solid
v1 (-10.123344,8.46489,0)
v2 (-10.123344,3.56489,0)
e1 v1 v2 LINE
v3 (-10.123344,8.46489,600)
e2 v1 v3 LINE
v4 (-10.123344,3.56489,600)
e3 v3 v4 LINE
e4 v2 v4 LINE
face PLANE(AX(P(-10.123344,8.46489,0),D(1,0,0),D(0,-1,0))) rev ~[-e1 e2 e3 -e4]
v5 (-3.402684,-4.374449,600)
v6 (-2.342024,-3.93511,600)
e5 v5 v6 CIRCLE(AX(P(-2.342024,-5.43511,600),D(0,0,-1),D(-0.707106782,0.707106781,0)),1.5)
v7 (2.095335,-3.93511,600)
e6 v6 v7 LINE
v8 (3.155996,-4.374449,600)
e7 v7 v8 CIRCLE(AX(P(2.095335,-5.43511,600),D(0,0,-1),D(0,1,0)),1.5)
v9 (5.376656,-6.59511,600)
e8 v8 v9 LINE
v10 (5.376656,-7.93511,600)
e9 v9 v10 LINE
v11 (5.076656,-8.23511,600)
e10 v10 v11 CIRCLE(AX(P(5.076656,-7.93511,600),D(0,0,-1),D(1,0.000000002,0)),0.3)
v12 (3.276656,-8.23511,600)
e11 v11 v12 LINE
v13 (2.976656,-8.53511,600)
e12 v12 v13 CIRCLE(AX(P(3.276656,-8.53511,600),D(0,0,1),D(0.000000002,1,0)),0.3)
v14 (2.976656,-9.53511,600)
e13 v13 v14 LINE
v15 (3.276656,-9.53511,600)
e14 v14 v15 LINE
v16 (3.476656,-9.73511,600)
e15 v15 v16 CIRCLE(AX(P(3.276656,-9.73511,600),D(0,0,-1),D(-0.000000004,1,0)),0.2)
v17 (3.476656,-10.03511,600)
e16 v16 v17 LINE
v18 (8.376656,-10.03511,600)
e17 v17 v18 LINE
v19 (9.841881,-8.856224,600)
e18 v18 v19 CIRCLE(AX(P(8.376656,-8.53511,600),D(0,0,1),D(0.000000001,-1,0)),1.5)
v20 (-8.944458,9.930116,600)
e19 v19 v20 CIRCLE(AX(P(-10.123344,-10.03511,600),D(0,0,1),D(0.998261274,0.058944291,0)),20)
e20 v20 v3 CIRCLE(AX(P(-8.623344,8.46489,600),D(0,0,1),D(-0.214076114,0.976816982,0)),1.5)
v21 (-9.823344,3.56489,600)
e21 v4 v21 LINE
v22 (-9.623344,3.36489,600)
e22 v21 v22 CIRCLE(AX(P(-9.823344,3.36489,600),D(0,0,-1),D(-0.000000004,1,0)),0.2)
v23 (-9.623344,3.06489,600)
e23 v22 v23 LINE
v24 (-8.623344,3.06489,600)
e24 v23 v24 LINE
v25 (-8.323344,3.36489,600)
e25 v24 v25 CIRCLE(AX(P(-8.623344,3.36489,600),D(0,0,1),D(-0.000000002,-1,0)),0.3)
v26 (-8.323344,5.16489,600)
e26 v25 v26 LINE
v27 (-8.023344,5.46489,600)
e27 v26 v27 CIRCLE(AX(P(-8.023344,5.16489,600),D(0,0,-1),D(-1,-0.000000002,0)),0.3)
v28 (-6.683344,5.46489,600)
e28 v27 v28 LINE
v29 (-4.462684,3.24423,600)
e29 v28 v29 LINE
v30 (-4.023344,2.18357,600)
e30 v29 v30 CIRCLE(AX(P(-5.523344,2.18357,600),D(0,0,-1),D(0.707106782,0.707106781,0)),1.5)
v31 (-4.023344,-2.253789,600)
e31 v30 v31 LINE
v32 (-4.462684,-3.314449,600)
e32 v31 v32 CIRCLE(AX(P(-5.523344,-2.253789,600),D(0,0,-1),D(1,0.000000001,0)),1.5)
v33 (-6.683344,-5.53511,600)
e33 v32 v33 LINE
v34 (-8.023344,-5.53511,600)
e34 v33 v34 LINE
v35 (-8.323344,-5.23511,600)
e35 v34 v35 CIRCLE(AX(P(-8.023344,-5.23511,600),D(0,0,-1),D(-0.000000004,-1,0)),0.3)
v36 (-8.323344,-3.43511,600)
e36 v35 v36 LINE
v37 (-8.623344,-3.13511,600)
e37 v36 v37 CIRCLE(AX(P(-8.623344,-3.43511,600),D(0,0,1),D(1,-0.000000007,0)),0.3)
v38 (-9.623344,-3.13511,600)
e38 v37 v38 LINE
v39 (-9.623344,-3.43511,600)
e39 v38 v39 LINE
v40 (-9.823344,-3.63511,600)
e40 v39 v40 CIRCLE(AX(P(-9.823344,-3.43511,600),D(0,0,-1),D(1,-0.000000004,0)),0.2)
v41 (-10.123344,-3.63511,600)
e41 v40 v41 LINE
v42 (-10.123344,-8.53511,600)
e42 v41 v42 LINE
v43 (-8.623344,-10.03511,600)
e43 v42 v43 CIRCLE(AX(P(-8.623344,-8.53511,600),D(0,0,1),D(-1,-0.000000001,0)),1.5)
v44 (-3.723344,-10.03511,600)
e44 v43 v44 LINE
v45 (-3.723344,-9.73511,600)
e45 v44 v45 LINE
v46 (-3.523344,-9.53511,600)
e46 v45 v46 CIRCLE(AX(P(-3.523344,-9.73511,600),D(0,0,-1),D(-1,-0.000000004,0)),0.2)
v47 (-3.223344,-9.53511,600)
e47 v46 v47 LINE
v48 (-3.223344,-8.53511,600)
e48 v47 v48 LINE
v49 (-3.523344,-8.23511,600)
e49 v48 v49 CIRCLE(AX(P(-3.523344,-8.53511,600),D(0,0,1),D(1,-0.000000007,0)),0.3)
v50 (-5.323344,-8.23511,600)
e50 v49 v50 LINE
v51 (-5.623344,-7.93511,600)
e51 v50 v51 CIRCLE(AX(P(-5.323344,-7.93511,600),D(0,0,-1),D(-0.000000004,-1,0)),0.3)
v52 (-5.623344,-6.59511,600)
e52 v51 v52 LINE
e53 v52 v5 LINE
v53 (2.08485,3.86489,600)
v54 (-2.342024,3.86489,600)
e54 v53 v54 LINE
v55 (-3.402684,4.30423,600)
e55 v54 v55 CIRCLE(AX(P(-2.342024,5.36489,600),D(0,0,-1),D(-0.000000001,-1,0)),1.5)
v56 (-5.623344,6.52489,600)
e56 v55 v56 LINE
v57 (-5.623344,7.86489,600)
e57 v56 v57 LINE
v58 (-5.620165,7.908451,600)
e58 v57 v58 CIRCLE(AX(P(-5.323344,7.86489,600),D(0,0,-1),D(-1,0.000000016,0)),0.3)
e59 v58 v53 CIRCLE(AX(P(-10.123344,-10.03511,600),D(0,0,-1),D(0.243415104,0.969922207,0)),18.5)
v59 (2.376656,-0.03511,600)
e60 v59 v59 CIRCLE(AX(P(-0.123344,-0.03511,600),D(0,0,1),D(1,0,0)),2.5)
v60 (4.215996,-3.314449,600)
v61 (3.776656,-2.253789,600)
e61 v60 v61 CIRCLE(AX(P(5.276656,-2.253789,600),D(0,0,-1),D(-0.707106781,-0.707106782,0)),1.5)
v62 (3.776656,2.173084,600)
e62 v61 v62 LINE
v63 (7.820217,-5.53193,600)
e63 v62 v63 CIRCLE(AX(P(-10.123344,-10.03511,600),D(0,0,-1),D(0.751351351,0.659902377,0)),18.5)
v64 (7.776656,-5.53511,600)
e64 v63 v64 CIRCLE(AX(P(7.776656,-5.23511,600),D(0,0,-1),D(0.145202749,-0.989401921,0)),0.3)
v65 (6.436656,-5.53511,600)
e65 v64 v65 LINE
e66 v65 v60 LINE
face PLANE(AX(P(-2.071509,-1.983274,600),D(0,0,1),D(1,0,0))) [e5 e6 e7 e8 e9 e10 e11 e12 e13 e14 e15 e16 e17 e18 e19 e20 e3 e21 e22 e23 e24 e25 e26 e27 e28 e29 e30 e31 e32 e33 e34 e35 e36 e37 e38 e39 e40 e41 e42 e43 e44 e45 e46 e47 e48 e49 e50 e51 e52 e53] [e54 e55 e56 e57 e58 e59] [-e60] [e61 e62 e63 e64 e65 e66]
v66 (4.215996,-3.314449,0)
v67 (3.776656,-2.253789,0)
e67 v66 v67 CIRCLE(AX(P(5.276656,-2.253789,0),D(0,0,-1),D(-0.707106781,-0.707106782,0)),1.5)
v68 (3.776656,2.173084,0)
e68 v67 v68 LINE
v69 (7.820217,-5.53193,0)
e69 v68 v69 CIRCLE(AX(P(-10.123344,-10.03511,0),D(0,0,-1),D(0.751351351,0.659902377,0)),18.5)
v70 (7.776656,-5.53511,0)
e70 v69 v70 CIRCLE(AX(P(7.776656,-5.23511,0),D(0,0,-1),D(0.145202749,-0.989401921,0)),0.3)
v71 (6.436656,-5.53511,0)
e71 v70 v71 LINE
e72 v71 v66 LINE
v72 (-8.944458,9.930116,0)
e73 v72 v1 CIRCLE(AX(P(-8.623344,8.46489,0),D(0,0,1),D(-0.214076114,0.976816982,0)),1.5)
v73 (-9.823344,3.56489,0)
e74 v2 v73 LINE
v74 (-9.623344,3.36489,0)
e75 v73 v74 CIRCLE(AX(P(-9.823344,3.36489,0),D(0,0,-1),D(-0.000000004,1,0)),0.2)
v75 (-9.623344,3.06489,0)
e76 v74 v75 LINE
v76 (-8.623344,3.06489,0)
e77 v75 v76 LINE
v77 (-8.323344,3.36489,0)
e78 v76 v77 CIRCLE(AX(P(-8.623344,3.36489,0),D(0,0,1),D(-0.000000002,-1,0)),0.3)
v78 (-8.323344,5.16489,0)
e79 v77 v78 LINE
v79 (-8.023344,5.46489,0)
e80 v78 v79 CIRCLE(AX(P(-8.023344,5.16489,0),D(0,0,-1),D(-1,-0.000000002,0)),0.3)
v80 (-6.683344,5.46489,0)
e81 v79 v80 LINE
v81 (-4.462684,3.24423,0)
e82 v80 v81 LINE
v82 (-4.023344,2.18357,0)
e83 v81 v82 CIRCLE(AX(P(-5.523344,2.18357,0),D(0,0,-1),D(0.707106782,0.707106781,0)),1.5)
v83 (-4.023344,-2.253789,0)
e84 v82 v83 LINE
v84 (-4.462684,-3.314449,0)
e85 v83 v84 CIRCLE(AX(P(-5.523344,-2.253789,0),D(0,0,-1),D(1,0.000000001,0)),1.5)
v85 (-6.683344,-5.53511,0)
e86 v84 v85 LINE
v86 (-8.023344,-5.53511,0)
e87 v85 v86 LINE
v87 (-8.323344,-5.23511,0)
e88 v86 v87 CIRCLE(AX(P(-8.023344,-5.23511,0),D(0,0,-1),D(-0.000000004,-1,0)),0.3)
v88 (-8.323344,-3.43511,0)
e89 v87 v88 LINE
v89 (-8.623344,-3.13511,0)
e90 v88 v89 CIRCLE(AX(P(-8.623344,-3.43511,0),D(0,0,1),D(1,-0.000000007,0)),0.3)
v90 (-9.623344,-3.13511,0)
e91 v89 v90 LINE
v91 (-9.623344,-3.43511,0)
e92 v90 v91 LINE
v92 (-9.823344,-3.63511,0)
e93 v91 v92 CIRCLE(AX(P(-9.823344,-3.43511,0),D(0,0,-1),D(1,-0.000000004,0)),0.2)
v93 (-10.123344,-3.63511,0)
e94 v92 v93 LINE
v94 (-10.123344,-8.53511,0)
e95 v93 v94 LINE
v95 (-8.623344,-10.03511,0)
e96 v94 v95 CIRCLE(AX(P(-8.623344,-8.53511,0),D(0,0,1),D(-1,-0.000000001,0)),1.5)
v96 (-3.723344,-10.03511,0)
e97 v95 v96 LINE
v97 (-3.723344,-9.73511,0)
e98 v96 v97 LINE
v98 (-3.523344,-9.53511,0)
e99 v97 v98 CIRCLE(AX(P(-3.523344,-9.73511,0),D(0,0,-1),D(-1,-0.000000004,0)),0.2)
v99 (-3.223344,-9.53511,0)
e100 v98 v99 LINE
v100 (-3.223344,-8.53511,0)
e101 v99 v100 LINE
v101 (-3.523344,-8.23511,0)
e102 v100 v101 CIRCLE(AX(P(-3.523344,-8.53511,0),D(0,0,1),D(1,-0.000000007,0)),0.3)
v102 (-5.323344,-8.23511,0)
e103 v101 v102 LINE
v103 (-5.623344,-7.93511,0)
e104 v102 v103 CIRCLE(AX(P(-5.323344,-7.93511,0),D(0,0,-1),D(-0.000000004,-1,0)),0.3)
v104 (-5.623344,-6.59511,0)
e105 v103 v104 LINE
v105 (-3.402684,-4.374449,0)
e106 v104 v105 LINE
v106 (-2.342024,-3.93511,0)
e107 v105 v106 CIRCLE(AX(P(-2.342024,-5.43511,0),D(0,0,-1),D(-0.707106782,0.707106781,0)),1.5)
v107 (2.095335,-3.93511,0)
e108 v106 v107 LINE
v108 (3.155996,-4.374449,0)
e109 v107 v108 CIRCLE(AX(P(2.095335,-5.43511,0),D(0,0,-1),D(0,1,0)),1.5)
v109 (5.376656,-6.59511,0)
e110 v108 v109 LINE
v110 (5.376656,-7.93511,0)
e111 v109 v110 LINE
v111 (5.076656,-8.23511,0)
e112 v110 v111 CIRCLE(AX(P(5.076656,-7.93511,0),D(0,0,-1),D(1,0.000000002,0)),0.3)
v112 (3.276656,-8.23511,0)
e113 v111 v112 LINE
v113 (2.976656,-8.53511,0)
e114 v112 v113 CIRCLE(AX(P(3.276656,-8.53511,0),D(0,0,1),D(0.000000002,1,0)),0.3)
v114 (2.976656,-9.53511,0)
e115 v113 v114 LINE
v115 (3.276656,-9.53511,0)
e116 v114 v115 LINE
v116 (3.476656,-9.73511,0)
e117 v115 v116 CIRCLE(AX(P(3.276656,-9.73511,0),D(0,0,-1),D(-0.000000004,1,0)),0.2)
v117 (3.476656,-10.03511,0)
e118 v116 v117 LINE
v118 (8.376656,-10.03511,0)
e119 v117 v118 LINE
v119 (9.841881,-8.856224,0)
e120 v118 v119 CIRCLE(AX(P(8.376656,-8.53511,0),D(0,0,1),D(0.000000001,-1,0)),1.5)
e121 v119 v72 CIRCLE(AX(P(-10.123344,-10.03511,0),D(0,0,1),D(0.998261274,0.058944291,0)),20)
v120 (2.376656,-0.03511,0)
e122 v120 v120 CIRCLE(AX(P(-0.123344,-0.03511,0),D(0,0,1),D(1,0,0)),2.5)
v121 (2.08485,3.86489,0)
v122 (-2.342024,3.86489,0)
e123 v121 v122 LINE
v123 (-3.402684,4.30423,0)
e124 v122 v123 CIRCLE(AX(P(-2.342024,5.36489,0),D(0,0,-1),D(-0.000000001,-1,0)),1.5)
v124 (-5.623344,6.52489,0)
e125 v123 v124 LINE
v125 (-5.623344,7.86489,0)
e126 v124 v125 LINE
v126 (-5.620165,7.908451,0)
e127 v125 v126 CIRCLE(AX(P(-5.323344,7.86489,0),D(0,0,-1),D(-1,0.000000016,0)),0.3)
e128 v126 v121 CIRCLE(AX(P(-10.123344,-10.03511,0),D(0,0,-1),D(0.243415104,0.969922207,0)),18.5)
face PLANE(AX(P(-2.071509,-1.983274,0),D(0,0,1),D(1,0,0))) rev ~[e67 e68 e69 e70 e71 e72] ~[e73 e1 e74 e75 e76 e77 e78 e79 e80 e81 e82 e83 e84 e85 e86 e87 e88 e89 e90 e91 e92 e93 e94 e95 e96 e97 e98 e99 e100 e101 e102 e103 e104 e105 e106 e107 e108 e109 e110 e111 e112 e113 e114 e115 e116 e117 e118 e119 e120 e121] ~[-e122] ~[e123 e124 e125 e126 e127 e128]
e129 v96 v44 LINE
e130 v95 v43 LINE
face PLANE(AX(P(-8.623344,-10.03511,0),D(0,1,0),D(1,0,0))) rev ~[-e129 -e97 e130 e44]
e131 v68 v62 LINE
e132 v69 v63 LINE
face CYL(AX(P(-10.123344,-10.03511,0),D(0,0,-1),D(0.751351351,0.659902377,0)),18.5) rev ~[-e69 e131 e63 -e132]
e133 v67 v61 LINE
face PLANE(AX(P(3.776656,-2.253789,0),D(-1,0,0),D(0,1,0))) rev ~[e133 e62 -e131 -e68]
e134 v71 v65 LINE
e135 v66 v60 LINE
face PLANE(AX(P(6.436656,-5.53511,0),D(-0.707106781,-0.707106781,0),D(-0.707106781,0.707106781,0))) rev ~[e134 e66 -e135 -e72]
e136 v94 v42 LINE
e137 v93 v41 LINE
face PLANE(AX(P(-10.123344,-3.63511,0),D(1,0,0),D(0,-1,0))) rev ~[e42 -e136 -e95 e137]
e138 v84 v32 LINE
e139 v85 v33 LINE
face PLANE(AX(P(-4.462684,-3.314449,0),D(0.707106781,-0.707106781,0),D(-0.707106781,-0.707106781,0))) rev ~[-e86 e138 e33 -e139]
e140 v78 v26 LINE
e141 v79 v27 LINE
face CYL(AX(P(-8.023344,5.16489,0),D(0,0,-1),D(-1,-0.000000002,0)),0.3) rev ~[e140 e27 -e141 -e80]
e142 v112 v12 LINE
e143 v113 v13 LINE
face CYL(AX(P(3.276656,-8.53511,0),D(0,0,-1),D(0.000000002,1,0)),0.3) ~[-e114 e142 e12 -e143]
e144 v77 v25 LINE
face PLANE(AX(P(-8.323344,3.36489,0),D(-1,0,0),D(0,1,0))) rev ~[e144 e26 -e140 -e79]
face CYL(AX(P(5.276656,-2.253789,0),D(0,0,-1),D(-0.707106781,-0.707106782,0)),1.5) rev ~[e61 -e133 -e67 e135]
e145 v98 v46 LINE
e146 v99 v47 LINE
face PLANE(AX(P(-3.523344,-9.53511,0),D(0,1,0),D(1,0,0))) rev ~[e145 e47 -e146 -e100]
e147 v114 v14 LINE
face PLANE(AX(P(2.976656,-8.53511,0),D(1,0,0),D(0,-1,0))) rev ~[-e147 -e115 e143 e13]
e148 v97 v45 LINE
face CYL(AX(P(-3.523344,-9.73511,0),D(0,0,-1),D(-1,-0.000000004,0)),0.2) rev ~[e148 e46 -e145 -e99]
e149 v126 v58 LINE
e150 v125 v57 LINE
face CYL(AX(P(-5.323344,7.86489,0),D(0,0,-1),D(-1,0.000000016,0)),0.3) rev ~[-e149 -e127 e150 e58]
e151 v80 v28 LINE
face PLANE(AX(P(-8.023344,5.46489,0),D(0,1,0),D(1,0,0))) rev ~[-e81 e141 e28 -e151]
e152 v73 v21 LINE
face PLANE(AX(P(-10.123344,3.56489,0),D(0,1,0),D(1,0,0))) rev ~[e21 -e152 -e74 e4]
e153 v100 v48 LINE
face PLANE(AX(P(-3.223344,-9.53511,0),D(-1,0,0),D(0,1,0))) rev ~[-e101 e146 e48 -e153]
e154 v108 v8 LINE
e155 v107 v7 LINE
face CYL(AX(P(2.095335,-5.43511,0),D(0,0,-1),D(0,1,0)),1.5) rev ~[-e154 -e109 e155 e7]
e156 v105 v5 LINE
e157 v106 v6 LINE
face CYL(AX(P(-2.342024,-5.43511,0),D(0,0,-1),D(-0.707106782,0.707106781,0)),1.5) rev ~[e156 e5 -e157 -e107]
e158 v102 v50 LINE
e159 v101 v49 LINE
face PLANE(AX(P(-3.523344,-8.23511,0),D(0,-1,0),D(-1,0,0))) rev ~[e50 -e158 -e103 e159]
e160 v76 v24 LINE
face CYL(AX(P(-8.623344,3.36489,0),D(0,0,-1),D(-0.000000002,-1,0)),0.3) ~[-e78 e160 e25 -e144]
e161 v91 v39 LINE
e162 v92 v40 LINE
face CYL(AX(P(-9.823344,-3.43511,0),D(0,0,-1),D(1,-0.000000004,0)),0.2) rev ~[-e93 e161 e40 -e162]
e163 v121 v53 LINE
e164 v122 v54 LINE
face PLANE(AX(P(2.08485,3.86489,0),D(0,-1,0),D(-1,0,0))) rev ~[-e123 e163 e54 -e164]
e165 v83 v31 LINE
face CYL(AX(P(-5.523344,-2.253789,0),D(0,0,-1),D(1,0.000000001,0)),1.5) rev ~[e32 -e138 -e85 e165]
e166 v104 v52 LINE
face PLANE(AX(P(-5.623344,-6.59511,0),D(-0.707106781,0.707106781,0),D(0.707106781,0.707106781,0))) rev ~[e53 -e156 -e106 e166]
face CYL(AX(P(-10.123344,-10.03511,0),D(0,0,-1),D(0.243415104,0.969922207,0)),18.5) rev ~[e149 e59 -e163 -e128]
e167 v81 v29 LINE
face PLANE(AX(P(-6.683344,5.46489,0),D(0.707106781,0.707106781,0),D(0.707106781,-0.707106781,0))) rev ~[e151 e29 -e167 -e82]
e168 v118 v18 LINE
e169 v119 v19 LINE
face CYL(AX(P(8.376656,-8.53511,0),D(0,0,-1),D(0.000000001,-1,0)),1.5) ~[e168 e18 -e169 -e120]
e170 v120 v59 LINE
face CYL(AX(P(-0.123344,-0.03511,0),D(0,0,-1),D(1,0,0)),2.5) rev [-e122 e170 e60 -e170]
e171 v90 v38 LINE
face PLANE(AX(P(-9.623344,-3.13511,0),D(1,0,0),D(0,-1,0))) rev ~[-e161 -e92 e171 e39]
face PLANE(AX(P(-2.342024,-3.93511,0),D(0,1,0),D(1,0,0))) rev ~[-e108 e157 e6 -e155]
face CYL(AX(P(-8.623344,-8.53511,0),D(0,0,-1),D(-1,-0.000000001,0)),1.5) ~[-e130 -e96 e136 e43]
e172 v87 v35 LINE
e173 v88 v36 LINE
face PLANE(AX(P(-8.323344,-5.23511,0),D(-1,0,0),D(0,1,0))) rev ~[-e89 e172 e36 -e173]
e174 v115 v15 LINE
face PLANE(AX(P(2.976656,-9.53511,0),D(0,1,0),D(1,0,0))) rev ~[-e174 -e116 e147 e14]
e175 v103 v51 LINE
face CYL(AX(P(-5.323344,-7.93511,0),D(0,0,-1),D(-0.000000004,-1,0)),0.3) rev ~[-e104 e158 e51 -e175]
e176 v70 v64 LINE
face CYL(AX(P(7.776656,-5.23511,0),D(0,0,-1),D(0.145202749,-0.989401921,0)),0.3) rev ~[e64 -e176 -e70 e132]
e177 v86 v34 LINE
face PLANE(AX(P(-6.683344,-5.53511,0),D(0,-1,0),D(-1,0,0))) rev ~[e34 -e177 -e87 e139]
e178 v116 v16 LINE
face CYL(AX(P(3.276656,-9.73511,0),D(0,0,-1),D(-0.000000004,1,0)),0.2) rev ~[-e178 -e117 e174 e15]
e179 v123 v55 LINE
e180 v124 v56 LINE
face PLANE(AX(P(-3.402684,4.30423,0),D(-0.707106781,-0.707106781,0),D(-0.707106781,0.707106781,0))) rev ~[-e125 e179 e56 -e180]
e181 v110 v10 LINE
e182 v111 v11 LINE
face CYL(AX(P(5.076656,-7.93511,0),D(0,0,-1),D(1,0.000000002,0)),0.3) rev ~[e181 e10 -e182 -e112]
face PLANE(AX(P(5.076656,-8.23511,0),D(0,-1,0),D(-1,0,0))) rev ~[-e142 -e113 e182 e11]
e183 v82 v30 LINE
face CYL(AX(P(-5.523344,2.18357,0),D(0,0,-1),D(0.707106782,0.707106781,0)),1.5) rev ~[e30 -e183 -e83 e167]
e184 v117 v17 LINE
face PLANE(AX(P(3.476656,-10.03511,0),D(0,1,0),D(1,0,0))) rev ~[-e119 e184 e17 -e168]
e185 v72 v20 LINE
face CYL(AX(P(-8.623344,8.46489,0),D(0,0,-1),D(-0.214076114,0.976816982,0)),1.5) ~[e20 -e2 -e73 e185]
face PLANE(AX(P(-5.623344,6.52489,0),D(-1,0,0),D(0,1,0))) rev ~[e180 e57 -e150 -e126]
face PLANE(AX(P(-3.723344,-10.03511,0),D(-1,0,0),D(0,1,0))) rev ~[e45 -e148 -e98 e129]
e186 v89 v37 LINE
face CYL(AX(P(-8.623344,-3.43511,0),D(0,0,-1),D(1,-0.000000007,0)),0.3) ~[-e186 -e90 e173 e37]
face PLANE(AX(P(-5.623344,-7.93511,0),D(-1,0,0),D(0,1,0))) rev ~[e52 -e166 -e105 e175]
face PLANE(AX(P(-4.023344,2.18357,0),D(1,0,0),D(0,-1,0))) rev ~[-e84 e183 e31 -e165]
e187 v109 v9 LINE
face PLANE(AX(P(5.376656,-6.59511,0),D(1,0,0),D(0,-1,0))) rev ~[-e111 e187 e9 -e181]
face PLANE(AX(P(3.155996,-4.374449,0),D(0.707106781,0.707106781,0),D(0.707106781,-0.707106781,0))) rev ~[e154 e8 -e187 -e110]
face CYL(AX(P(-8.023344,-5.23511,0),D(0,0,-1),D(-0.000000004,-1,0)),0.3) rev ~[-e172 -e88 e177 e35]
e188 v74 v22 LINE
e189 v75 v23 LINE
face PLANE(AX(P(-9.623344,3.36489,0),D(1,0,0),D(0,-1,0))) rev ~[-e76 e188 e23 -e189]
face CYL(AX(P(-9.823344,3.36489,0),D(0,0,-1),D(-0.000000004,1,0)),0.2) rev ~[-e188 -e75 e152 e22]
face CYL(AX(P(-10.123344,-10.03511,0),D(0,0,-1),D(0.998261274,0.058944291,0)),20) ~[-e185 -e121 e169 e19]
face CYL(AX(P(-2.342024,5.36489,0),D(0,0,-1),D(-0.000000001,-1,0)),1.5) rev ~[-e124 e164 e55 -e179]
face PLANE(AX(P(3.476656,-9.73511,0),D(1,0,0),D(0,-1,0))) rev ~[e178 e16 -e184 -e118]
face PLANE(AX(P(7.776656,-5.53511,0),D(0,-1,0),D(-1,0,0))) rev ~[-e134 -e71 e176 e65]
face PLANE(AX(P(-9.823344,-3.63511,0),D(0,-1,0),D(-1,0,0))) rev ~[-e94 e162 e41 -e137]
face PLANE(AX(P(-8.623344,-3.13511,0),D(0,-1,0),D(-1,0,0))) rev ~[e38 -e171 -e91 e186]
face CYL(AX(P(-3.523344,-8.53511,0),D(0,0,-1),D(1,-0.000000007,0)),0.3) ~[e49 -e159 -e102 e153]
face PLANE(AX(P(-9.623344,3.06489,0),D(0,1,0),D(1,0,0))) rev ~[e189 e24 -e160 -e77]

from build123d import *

# Parameters (mm, degrees)
SKETCH_1_R      = 2.5
EXTRUDE_1_DEPTH = 600


with BuildPart() as part:
    # 草图1 → 凸台-拉伸1 (new body)
    with BuildSketch(Plane.XY):
        with BuildLine():
            ThreePointArc((-8.944458369, 9.930115847), (-9.792033903, 9.405190523), (-10.123344197, 8.464890373))
            Line((-10.123344197, 8.464890373), (-10.123344197, 3.564890373))
            Line((-10.123344197, 3.564890373), (-9.823344197, 3.564890373))
            ThreePointArc((-9.823344197, 3.564890373), (-9.681922841, 3.50631173), (-9.623344197, 3.364890373))
            Line((-9.623344197, 3.364890373), (-9.623344197, 3.064890373))
            Line((-9.623344197, 3.064890373), (-8.623344197, 3.064890373))
            ThreePointArc((-8.623344197, 3.064890373), (-8.411212162, 3.152758339), (-8.323344197, 3.364890373))
            Line((-8.323344197, 3.364890373), (-8.323344197, 5.164890373))
            ThreePointArc((-8.323344197, 5.164890373), (-8.235476231, 5.377022408), (-8.023344197, 5.464890373))
            Line((-8.023344197, 5.464890373), (-6.683344197, 5.464890373))
            Line((-6.683344197, 5.464890373), (-4.462684025, 3.244230202))
            ThreePointArc((-4.462684025, 3.244230202), (-4.137524898, 2.757595178), (-4.023344197, 2.18357003))
            Line((-4.023344197, 2.18357003), (-4.023344197, -2.253789283))
            ThreePointArc((-4.023344197, -2.253789283), (-4.137524898, -2.827814432), (-4.462684025, -3.314449455))
            Line((-4.462684025, -3.314449455), (-6.683344197, -5.535109627))
            Line((-6.683344197, -5.535109627), (-8.023344197, -5.535109627))
            ThreePointArc((-8.023344197, -5.535109627), (-8.235476231, -5.447241661), (-8.323344197, -5.235109627))
            Line((-8.323344197, -5.235109627), (-8.323344197, -3.435109627))
            ThreePointArc((-8.323344197, -3.435109627), (-8.411212162, -3.222977592), (-8.623344197, -3.135109627))
            Line((-8.623344197, -3.135109627), (-9.623344197, -3.135109627))
            Line((-9.623344197, -3.135109627), (-9.623344197, -3.435109627))
            ThreePointArc((-9.623344197, -3.435109627), (-9.681922841, -3.576530983), (-9.823344197, -3.635109627))
            Line((-9.823344197, -3.635109627), (-10.123344197, -3.635109627))
            Line((-10.123344197, -3.635109627), (-10.123344197, -8.535109627))
            ThreePointArc((-10.123344197, -8.535109627), (-9.684004369, -9.595769798), (-8.623344197, -10.035109627))
            Line((-8.623344197, -10.035109627), (-3.723344197, -10.035109627))
            Line((-3.723344197, -10.035109627), (-3.723344197, -9.735109627))
            ThreePointArc((-3.723344197, -9.735109627), (-3.664765553, -9.59368827), (-3.523344197, -9.535109627))
            Line((-3.523344197, -9.535109627), (-3.223344197, -9.535109627))
            Line((-3.223344197, -9.535109627), (-3.223344197, -8.535109627))
            ThreePointArc((-3.223344197, -8.535109627), (-3.311212162, -8.322977592), (-3.523344197, -8.235109627))
            Line((-3.523344197, -8.235109627), (-5.323344197, -8.235109627))
            ThreePointArc((-5.323344197, -8.235109627), (-5.535476231, -8.147241661), (-5.623344197, -7.935109627))
            Line((-5.623344197, -7.935109627), (-5.623344197, -6.595109627))
            Line((-5.623344197, -6.595109627), (-3.402684025, -4.374449455))
            ThreePointArc((-3.402684025, -4.374449455), (-2.916049002, -4.049290328), (-2.342023853, -3.935109627))
            Line((-2.342023853, -3.935109627), (2.09533546, -3.935109627))
            ThreePointArc((2.09533546, -3.935109627), (2.669360608, -4.049290328), (3.155995631, -4.374449455))
            Line((3.155995631, -4.374449455), (5.376655803, -6.595109627))
            Line((5.376655803, -6.595109627), (5.376655803, -7.935109627))
            ThreePointArc((5.376655803, -7.935109627), (5.288787838, -8.147241661), (5.076655803, -8.235109627))
            Line((5.076655803, -8.235109627), (3.276655803, -8.235109627))
            ThreePointArc((3.276655803, -8.235109627), (3.064523769, -8.322977592), (2.976655803, -8.535109627))
            Line((2.976655803, -8.535109627), (2.976655803, -9.535109627))
            Line((2.976655803, -9.535109627), (3.276655803, -9.535109627))
            ThreePointArc((3.276655803, -9.535109627), (3.418077159, -9.59368827), (3.476655803, -9.735109627))
            Line((3.476655803, -9.735109627), (3.476655803, -10.035109627))
            Line((3.476655803, -10.035109627), (8.376655803, -10.035109627))
            ThreePointArc((8.376655803, -10.035109627), (9.316955952, -9.703799333), (9.841881277, -8.856223799))
            ThreePointArc((9.841881277, -8.856223799), (4.018791427, 4.107025997), (-8.944458369, 9.930115847))
        make_face()
        with BuildLine():
            ThreePointArc((7.820216628, -5.531930203), (7.798494154, -5.534313715), (7.776655803, -5.535109627))
            Line((7.776655803, -5.535109627), (6.436655803, -5.535109627))
            Line((6.436655803, -5.535109627), (4.215995631, -3.314449455))
            ThreePointArc((4.215995631, -3.314449455), (3.890836504, -2.827814432), (3.776655803, -2.253789283))
            Line((3.776655803, -2.253789283), (3.776655803, 2.173084343))
            ThreePointArc((3.776655803, 2.173084343), (6.257892136, -1.4383023), (7.820216628, -5.531930203))
        make_face(mode=Mode.SUBTRACT)
        with BuildLine():
            ThreePointArc((-5.620164773, 7.908451198), (-1.52653687, 6.346126706), (2.084849773, 3.864890373))
            Line((2.084849773, 3.864890373), (-2.342023853, 3.864890373))
            ThreePointArc((-2.342023853, 3.864890373), (-2.916049002, 3.979071075), (-3.402684025, 4.304230202))
            Line((-3.402684025, 4.304230202), (-5.623344197, 6.524890373))
            Line((-5.623344197, 6.524890373), (-5.623344197, 7.864890373))
            ThreePointArc((-5.623344197, 7.864890373), (-5.622548285, 7.886728724), (-5.620164773, 7.908451198))
        make_face(mode=Mode.SUBTRACT)
        with Locations((-0.123344197, -0.035109627)):
            Circle(SKETCH_1_R, mode=Mode.SUBTRACT)
    extrude(amount=EXTRUDE_1_DEPTH)


solid = part.part
